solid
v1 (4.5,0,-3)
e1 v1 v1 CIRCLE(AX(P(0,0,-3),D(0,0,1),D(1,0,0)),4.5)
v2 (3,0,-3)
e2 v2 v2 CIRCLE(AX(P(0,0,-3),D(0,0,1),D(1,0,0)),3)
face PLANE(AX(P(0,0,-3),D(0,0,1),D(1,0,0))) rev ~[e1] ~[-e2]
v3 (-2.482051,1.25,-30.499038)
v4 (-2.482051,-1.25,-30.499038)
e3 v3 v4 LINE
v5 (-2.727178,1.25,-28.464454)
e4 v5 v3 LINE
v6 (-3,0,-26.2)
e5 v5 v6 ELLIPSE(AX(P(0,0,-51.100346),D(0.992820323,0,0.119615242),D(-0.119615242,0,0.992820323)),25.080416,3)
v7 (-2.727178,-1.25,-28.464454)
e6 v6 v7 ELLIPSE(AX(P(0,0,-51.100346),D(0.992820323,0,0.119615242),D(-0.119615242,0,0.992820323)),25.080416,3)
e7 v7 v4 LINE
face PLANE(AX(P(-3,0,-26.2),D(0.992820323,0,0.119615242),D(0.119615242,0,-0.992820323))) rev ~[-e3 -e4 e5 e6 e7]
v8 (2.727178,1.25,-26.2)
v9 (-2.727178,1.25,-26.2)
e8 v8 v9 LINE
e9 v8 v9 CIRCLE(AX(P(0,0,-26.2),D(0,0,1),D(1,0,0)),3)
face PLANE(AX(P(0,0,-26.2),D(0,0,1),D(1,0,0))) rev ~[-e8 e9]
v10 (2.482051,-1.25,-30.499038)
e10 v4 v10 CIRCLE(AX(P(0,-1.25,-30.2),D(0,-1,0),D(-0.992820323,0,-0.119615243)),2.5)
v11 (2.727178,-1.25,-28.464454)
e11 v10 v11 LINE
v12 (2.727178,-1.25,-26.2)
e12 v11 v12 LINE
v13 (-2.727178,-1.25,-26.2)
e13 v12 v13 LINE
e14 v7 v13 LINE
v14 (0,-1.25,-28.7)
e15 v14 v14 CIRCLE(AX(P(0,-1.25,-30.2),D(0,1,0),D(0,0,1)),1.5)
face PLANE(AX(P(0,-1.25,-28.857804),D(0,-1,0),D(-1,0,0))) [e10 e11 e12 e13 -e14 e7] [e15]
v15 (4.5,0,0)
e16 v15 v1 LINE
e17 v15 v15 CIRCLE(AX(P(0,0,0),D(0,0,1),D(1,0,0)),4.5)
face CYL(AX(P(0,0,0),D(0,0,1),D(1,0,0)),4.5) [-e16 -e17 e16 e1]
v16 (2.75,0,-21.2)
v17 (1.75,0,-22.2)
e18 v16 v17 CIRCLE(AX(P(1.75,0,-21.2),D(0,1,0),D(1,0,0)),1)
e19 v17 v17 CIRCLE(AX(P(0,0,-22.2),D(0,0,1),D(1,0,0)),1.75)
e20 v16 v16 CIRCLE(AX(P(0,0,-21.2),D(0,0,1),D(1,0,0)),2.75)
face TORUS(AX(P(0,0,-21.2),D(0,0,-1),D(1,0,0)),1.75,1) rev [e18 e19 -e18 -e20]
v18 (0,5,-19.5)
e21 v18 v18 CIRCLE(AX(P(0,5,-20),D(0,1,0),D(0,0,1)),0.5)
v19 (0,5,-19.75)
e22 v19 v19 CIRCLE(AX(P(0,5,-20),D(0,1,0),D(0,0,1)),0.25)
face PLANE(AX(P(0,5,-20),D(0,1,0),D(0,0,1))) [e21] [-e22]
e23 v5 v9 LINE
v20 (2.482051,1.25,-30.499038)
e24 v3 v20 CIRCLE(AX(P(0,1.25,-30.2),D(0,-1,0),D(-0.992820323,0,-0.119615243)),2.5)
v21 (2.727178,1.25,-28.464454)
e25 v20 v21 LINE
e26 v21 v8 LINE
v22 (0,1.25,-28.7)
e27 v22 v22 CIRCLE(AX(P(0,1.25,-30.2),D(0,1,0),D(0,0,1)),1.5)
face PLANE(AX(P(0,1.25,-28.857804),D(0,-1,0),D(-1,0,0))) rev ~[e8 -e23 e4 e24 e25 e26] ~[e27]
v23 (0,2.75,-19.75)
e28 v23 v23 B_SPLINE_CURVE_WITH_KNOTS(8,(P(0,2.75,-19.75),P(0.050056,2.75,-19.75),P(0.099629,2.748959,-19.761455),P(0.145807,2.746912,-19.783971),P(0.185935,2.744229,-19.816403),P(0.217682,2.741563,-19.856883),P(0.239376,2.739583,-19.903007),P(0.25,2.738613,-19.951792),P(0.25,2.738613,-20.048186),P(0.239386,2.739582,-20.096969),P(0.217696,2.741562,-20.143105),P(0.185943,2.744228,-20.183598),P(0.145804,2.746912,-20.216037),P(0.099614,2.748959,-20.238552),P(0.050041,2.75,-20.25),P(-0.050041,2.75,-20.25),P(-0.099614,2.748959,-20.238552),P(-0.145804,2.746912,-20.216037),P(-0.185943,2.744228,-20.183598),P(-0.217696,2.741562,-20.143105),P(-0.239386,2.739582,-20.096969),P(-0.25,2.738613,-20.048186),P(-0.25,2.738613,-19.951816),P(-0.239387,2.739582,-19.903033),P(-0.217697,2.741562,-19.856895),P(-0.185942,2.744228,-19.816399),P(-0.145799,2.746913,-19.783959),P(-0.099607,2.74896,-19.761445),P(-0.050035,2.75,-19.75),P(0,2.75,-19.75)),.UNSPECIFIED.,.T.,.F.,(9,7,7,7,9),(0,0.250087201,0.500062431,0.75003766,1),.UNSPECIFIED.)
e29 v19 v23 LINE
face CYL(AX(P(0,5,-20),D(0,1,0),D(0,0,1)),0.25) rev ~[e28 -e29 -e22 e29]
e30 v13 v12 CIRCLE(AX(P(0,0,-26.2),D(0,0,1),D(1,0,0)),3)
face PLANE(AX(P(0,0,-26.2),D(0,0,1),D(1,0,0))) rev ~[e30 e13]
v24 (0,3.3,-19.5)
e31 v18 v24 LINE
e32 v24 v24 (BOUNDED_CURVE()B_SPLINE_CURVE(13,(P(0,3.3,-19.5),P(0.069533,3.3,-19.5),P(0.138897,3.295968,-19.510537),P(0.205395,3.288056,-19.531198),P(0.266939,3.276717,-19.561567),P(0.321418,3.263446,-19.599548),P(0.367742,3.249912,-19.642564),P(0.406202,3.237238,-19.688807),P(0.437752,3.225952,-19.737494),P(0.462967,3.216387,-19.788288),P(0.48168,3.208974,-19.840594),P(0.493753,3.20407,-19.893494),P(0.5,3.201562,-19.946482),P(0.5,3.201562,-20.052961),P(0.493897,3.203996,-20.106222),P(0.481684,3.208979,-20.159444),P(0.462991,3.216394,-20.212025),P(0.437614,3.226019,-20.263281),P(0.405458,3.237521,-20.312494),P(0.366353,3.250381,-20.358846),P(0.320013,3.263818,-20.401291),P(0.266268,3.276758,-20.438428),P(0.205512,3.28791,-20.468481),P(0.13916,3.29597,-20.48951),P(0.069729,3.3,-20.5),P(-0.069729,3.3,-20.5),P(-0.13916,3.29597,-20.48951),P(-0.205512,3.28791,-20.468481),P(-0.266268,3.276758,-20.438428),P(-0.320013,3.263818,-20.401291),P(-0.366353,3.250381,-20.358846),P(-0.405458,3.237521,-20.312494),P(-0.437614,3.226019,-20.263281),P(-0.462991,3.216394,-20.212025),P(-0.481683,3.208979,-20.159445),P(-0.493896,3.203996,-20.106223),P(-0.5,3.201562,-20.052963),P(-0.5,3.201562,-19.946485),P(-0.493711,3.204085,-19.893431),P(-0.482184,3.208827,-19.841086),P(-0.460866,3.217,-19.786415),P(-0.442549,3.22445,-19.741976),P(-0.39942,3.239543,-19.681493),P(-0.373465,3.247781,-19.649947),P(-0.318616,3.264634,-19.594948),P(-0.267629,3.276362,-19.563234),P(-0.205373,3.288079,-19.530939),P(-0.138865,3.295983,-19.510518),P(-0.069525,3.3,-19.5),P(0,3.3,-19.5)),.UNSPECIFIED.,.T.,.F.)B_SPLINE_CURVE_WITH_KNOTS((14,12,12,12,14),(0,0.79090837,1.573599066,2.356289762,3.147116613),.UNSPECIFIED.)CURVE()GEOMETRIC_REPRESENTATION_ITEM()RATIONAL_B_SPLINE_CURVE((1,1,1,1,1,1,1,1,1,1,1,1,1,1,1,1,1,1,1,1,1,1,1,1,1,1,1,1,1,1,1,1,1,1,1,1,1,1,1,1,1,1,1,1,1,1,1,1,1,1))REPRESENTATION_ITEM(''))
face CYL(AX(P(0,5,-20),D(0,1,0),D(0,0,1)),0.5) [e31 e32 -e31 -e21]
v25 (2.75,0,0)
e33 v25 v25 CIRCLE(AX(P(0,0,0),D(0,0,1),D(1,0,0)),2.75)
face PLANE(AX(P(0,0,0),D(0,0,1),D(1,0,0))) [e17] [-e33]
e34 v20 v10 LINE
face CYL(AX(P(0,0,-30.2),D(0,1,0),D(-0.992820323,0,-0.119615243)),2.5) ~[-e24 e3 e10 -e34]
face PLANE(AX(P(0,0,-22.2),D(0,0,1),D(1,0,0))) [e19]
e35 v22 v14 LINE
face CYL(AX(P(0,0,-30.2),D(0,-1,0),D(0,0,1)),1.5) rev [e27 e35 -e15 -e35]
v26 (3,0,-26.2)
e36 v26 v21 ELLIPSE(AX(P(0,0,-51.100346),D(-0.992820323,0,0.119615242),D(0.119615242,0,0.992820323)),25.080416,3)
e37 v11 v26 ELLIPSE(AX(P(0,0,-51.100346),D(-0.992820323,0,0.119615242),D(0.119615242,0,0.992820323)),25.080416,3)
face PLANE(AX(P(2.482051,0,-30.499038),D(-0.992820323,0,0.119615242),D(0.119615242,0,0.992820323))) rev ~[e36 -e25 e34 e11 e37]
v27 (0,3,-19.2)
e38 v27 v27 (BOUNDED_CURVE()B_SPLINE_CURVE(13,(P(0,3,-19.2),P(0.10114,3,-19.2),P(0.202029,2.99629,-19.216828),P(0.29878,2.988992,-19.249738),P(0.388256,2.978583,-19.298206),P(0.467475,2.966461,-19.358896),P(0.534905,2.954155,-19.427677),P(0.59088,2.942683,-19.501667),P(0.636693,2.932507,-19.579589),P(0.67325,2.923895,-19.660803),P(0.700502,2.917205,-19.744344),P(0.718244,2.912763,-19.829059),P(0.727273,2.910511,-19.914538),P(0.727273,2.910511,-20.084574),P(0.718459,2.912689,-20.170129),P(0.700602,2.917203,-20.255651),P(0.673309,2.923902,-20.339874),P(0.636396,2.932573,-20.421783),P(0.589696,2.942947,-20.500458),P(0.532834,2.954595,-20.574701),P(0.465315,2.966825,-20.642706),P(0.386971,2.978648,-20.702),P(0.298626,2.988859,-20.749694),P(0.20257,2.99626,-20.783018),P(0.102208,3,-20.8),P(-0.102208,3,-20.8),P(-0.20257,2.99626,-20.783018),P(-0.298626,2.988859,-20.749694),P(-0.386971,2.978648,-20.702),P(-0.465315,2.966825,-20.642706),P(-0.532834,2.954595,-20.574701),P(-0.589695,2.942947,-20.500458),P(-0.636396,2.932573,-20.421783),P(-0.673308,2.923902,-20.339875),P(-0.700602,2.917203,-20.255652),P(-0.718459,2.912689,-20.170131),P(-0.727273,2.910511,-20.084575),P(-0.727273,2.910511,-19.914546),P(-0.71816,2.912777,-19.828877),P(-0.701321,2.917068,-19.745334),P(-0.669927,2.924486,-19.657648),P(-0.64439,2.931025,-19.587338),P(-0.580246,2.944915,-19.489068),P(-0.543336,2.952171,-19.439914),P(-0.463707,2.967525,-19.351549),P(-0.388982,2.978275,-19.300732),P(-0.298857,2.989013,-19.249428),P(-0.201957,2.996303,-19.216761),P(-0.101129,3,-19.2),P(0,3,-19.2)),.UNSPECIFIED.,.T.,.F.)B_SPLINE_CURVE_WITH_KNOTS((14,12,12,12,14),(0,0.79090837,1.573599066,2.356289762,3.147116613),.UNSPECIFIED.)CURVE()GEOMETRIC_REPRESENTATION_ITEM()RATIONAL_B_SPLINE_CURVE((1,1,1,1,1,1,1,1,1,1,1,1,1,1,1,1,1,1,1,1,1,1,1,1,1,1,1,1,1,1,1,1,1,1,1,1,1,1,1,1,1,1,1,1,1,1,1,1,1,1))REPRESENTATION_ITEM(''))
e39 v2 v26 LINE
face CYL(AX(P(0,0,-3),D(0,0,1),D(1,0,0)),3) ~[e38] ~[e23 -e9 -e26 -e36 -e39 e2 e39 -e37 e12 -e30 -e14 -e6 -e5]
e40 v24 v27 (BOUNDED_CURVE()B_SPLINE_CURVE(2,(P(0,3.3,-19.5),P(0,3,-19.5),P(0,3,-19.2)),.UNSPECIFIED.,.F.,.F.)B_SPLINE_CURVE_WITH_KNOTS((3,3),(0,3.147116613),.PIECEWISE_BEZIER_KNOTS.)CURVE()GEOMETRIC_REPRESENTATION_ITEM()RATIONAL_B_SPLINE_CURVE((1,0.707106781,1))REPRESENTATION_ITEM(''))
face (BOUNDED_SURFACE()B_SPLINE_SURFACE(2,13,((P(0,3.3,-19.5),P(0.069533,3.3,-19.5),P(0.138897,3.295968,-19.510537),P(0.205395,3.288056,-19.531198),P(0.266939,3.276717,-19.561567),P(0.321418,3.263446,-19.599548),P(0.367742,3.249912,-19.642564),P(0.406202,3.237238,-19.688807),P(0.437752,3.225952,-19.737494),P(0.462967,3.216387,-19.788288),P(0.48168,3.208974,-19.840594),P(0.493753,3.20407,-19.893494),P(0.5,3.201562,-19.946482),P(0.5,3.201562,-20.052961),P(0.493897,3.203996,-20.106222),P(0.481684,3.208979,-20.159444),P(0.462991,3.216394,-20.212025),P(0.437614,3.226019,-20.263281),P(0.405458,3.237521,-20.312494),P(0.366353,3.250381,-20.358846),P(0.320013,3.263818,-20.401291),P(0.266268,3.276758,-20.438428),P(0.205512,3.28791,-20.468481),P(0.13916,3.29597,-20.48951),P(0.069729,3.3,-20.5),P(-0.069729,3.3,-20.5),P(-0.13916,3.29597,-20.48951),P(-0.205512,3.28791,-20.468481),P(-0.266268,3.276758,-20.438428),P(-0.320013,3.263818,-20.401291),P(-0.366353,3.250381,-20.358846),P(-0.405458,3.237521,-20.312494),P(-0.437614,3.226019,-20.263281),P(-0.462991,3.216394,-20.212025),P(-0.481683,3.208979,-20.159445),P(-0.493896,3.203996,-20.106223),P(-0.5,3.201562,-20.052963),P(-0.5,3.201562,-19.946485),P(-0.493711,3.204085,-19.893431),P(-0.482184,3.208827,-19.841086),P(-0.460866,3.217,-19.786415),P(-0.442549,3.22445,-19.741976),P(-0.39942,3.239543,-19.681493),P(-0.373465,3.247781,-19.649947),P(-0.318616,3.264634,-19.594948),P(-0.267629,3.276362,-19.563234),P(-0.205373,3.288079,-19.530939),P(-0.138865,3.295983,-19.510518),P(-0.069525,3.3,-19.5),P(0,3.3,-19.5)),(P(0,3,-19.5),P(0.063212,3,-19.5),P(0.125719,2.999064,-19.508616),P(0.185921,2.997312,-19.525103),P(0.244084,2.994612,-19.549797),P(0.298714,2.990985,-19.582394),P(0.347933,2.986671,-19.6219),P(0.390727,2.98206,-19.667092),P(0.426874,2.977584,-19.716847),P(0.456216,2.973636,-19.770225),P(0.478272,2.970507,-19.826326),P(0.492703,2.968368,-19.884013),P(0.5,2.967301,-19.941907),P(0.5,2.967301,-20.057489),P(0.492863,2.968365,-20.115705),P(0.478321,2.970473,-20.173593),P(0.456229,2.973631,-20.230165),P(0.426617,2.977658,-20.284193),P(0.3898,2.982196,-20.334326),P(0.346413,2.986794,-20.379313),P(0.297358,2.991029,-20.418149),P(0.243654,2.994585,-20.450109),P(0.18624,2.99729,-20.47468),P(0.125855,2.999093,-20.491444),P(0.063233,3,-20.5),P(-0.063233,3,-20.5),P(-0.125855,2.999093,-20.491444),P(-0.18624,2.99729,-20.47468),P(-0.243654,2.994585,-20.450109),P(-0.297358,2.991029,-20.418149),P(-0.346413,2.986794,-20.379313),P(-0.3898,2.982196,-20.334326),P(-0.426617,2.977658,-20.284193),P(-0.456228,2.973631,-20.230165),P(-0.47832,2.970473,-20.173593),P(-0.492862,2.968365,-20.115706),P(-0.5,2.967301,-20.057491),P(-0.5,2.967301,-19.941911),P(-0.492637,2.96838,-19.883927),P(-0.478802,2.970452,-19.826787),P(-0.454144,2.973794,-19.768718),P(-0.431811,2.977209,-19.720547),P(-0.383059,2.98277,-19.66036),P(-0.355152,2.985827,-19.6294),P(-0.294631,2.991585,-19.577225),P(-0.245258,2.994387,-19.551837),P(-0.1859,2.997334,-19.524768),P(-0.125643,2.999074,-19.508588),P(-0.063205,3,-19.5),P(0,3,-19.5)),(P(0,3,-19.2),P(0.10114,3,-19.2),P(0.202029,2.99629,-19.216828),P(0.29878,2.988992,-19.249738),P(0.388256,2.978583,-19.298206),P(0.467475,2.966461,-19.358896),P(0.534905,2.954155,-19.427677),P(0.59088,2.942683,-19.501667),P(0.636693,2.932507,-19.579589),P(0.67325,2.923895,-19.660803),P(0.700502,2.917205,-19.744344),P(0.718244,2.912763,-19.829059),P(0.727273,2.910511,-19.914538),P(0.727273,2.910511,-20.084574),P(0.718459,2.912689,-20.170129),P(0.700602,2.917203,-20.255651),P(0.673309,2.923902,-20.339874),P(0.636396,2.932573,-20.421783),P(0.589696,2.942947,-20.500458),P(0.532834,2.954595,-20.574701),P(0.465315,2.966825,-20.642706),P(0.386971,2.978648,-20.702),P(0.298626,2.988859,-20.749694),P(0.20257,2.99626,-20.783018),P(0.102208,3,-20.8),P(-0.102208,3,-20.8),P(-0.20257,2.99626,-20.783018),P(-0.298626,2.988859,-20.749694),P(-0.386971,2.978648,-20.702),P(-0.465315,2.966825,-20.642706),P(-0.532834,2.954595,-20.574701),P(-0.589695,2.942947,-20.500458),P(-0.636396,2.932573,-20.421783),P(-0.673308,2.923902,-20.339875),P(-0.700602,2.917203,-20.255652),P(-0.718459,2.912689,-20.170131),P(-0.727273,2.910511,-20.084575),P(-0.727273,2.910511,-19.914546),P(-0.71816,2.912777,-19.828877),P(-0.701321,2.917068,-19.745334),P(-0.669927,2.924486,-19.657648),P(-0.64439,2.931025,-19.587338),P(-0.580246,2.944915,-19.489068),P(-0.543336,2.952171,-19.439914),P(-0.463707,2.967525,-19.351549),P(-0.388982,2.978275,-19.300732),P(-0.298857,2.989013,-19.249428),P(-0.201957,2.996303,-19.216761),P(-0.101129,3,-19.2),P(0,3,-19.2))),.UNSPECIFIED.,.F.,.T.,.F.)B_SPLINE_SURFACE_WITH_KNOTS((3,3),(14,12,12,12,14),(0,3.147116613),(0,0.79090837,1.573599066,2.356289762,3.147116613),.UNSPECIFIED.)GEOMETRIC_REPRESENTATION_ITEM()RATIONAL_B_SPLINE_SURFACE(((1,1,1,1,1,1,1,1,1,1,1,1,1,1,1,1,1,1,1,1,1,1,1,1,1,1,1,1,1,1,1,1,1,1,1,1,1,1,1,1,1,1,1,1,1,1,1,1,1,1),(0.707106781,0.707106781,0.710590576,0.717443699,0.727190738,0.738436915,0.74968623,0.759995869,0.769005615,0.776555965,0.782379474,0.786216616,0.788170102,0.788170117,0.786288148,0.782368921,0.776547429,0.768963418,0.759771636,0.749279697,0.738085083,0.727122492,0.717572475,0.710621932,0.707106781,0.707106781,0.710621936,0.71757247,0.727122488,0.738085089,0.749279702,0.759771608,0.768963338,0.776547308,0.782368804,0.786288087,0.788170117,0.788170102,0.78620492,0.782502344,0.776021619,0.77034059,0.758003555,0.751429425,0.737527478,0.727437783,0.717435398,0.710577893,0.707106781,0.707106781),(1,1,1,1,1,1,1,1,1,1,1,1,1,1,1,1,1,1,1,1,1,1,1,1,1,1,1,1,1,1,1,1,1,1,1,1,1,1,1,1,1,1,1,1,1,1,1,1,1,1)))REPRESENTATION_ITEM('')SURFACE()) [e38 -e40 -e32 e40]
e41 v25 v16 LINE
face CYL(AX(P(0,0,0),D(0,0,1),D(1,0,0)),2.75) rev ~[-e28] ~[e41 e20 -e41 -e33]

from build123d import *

# Parameters (mm, degrees)
SKETCH_1_R               = 4.5
EXTRUDE_1_DEPTH          = 3
SKETCH_2_R               = 3
EXTRUDE_2_DEPTH          = 26.2
SKETCH_6_R               = 1.5
EXTRUDE_3_DEPTH          = 1.25
SKETCH_8_OUTSIDE_W       = 18.018
SKETCH_8_OUTSIDE_H       = 18.018
SKETCH_8_OUTSIDE_R       = 3
CUT_EXTRUDE_3_DEPTH      = 31.374166655
SKETCH_4_R               = 2.75
CUT_EXTRUDE_1_DEPTH      = 22.2
FILLET_2_R               = 1
EXTRUDE_4_REACH          = 40.314
EXTRUDE_4_END_RADIUS     = 3
EXTRUDE_START            = 5
SKETCH_9_R               = 0.5
CUT_EXTRUDE_4_REACH      = 36.348
CUT_EXTRUDE_4_END_RADIUS = 2.75
SKETCH_10_R              = 0.25
FILLET_3_R               = 0.3


with BuildPart() as part:
    # 草圖1 → 填料-伸長1 (new body)
    with BuildSketch(Plane.XY):
        Circle(SKETCH_1_R)
    extrude(amount=-EXTRUDE_1_DEPTH)

    # 草圖2 → 填料-伸長2 (add)
    with BuildSketch(Plane.XY):
        Circle(SKETCH_2_R)
    extrude(amount=-EXTRUDE_2_DEPTH)

    # 草圖6 → 填料-伸長3 (add, symmetric)
    with BuildSketch(Plane(origin=(0, 0, 0), x_dir=(1, 0, 0), z_dir=(0, 1, 0))):
        with BuildLine():
            Line((-3, 26.2), (-2.482050808, 30.499038106))
            ThreePointArc((-2.482050808, 30.499038106), (0, 32.7), (2.482050808, 30.499038106))
            Line((2.482050808, 30.499038106), (3, 26.2))
            Line((3, 26.2), (-3, 26.2))
        make_face()
        with Locations(Location((0, 30.2, 0), (0, 0, 270))):
            Circle(SKETCH_6_R, mode=Mode.SUBTRACT)
    extrude(amount=EXTRUDE_3_DEPTH, both=True)

    # 草圖8 outside → 除料-伸長3 (cut, through all)
    with BuildSketch(Plane(origin=(0, 0, -3), x_dir=(-1, 0, 0), z_dir=(0, 0, -1))):
        Rectangle(SKETCH_8_OUTSIDE_W, SKETCH_8_OUTSIDE_H)
        with Locations(Location((0, 0, 0), (0, 0, 180))):
            Circle(SKETCH_8_OUTSIDE_R, mode=Mode.SUBTRACT)
    extrude(amount=CUT_EXTRUDE_3_DEPTH, mode=Mode.SUBTRACT)

    # 草圖4 → 除料-伸長1 (cut)
    with BuildSketch(Plane.XY):
        Circle(SKETCH_4_R)
    extrude(amount=-CUT_EXTRUDE_1_DEPTH, mode=Mode.SUBTRACT)

    # 圓角2
    fillet_2_edges = [part.edges().sort_by_distance(p)[0] for p in [
        (-2.75, 0, -22.2),
    ]]
    fillet(fillet_2_edges, radius=FILLET_2_R)

    # 填料-伸長4: up to this cylinder (the profile starts outside it)
    extrude_4_end = Plane(origin=(0, 0, -20), z_dir=(0, 0, 1)) * Cylinder(EXTRUDE_4_END_RADIUS, 87.628, mode=Mode.PRIVATE)
    # 草圖9 → 填料-伸長4 (add, up to the surface)
    with BuildSketch(Plane(origin=(0, 0, 0), x_dir=(1, 0, 0), z_dir=(0, 1, 0)).offset(EXTRUDE_START), mode=Mode.PRIVATE) as extrude_4_sk1:
        with Locations(Location((0, 20, 0), (0, 0, 270))):
            Circle(SKETCH_9_R)
    extrude_4_tool1 = extrude(extrude_4_sk1.sketch, amount=-EXTRUDE_4_REACH, mode=Mode.PRIVATE) - extrude_4_end
    add(extrude_4_tool1.solids().sort_by_distance((0, 5, -20))[0])

    # 除料-伸長4: up to this cylinder (the profile starts outside it)
    cut_extrude_4_end = Plane(origin=(0, 0, -20), z_dir=(0, 0, 1)) * Cylinder(CUT_EXTRUDE_4_END_RADIUS, 79.196, mode=Mode.PRIVATE)
    # 草圖10 → 除料-伸長4 (cut, up to the surface)
    with BuildSketch(Plane(origin=(0, 5, 0), x_dir=(1, 0, 0), z_dir=(0, 1, 0)), mode=Mode.PRIVATE) as cut_extrude_4_sk1:
        with Locations(Location((0, 20, 0), (0, 0, 270))):
            Circle(SKETCH_10_R)
    cut_extrude_4_tool1 = extrude(cut_extrude_4_sk1.sketch, amount=-CUT_EXTRUDE_4_REACH, mode=Mode.PRIVATE) - cut_extrude_4_end
    add(cut_extrude_4_tool1.solids().sort_by_distance((0, 5, -20))[0], mode=Mode.SUBTRACT)

    # 圓角3
    fillet_3_edges = [part.edges().sort_by_distance(p)[0] for p in [
        (0, 3, -20.5),
    ]]
    fillet(fillet_3_edges, radius=FILLET_3_R)


solid = part.part
